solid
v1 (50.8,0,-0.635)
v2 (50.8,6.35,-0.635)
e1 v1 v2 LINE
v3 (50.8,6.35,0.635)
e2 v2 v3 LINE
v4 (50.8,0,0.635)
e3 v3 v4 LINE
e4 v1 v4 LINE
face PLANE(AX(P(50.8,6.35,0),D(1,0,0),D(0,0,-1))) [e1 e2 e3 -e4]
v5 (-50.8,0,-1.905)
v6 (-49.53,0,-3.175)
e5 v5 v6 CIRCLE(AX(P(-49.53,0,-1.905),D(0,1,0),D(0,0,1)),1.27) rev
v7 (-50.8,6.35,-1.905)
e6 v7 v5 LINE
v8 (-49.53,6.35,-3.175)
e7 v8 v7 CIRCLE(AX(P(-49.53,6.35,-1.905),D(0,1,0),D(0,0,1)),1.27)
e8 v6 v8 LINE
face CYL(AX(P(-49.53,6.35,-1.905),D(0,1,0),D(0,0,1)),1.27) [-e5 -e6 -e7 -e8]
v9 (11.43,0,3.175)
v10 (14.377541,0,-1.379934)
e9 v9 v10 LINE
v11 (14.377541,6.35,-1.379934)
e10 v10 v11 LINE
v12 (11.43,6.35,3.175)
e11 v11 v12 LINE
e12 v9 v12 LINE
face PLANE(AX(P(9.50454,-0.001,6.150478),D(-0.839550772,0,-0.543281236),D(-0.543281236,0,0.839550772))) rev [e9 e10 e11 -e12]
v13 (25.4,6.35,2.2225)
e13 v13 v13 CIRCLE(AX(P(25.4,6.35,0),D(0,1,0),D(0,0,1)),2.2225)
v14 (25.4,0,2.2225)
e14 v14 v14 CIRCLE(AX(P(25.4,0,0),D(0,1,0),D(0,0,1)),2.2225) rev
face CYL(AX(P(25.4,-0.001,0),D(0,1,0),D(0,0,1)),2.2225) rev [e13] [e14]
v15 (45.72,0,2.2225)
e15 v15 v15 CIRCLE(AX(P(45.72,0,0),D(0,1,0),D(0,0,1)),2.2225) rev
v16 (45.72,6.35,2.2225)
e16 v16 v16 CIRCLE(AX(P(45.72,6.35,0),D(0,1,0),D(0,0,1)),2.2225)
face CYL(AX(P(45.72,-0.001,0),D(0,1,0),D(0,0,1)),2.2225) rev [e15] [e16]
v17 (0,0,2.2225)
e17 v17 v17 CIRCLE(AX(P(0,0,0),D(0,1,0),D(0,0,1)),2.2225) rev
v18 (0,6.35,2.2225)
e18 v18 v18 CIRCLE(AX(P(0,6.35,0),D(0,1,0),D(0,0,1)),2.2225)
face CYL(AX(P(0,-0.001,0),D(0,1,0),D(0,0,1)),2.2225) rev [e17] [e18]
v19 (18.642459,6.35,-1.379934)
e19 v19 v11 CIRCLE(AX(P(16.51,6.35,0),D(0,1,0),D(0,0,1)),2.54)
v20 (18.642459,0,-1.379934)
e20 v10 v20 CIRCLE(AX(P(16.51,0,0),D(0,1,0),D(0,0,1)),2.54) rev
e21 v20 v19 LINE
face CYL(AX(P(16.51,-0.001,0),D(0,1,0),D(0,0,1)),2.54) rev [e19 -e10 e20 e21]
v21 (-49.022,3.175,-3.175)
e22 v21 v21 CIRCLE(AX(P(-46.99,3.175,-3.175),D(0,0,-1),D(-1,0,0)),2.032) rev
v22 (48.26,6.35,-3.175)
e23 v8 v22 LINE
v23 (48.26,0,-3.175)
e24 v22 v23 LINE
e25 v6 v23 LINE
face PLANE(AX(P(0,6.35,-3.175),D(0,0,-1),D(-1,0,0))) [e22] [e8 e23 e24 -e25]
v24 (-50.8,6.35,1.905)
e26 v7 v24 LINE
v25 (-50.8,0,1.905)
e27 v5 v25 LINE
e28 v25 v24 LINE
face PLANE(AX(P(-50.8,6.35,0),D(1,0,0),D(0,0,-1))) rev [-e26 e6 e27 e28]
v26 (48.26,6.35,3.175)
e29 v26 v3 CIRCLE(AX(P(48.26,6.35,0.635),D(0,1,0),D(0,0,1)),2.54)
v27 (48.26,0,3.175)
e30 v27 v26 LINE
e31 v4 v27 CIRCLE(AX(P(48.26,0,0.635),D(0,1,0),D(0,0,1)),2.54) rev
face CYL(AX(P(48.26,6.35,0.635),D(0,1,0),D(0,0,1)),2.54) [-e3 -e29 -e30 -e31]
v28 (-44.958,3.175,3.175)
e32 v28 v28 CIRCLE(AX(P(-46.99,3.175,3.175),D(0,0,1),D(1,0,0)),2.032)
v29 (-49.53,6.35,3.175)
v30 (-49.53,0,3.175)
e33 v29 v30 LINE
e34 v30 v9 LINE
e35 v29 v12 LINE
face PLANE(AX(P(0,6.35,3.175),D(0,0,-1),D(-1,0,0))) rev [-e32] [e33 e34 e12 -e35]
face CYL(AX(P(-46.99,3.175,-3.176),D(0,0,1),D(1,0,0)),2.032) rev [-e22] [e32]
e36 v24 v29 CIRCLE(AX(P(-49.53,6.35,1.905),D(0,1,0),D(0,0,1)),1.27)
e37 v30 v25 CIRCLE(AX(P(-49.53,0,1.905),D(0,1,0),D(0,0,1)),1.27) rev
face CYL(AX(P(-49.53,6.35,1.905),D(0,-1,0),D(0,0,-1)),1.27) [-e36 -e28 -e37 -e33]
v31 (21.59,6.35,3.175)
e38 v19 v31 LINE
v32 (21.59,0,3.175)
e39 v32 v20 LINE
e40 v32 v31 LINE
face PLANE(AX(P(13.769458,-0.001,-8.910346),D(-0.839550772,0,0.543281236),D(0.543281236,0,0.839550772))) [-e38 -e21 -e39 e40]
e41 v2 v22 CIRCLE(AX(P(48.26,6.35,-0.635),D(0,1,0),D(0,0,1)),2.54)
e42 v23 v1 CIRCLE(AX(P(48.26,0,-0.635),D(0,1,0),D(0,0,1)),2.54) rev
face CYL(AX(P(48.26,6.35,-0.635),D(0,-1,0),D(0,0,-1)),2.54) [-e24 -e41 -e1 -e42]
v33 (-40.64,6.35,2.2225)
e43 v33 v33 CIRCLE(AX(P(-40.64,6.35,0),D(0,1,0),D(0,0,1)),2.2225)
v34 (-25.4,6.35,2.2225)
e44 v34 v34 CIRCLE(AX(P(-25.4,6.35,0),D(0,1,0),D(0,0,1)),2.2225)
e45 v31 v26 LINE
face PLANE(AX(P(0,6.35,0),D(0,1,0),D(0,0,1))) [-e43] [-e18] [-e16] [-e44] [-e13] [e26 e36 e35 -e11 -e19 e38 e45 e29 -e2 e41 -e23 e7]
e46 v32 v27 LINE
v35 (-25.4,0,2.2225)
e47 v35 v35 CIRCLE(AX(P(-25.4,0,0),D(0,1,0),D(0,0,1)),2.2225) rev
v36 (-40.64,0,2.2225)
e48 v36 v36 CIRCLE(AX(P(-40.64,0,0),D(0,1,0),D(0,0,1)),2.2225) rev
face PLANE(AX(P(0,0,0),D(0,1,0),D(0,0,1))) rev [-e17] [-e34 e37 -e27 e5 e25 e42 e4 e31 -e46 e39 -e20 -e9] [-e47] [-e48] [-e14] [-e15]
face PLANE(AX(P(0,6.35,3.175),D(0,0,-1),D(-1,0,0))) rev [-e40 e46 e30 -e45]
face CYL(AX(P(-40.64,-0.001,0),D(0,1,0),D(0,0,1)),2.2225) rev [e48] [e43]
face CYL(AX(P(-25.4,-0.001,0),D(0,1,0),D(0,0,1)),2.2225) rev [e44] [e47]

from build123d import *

# Parameters (mm, degrees)
SKETCH1_W           = 101.6
SKETCH1_H           = 6.35
BOSS_EXTRUDE1_DEPTH = 6.35
FILLET1_R           = 2.54
FILLET2_R           = 1.27
CUT_EXTRUDE1_REACH  = 53.294
SKETCH2_R           = 2.2225
CUT_EXTRUDE2_REACH  = 53.588
SKETCH3_R           = 2.032
CUT_EXTRUDE3_REACH  = 53.294


with BuildPart() as part:
    # Sketch1 → Boss-Extrude1 (new body)
    with BuildSketch(Plane(origin=(0, 0, 0), x_dir=(1, 0, 0), z_dir=(0, 1, 0))):
        Rectangle(SKETCH1_W, SKETCH1_H)
    extrude(amount=BOSS_EXTRUDE1_DEPTH)

    # Fillet1
    fillet1_edges = [part.edges().sort_by_distance(p)[0] for p in [
        (50.8, 3.175, 3.175),
        (50.8, 3.175, -3.175),
    ]]
    fillet(fillet1_edges, radius=FILLET1_R)

    # Fillet2
    fillet2_edges = [part.edges().sort_by_distance(p)[0] for p in [
        (-50.8, 3.175, 3.175),
        (-50.8, 3.175, -3.175),
    ]]
    fillet(fillet2_edges, radius=FILLET2_R)

    # Sketch2 → Cut-Extrude1 (cut, up to next)
    with BuildSketch(Plane(origin=(0, 6.35, 0), x_dir=(1, 0, 0), z_dir=(0, 1, 0)), mode=Mode.PRIVATE) as cut_extrude1_sk1:
        with Locations(Location((-40.64, 0, 0), (0, 0, 270))):
            Circle(SKETCH2_R)
    cut_extrude1_tool1 = extrude(cut_extrude1_sk1.sketch, amount=-CUT_EXTRUDE1_REACH, mode=Mode.PRIVATE) & part.part
    # Sketch2 → Cut-Extrude1 (cut, up to next)
    with BuildSketch(Plane(origin=(0, 6.35, 0), x_dir=(1, 0, 0), z_dir=(0, 1, 0)), mode=Mode.PRIVATE) as cut_extrude1_sk2:
        with Locations(Location((45.72, 0, 0), (0, 0, 270))):
            Circle(SKETCH2_R)
    cut_extrude1_tool2 = extrude(cut_extrude1_sk2.sketch, amount=-CUT_EXTRUDE1_REACH, mode=Mode.PRIVATE) & part.part
    # Sketch2 → Cut-Extrude1 (cut, up to next)
    with BuildSketch(Plane(origin=(0, 6.35, 0), x_dir=(1, 0, 0), z_dir=(0, 1, 0)), mode=Mode.PRIVATE) as cut_extrude1_sk3:
        with Locations(Location((25.4, 0, 0), (0, 0, 270))):
            Circle(SKETCH2_R)
    cut_extrude1_tool3 = extrude(cut_extrude1_sk3.sketch, amount=-CUT_EXTRUDE1_REACH, mode=Mode.PRIVATE) & part.part
    # Sketch2 → Cut-Extrude1 (cut, up to next)
    with BuildSketch(Plane(origin=(0, 6.35, 0), x_dir=(1, 0, 0), z_dir=(0, 1, 0)), mode=Mode.PRIVATE) as cut_extrude1_sk4:
        with Locations(Location((-25.4, 0, 0), (0, 0, 270))):
            Circle(SKETCH2_R)
    cut_extrude1_tool4 = extrude(cut_extrude1_sk4.sketch, amount=-CUT_EXTRUDE1_REACH, mode=Mode.PRIVATE) & part.part
    # Sketch2 → Cut-Extrude1 (cut, up to next)
    with BuildSketch(Plane(origin=(0, 6.35, 0), x_dir=(1, 0, 0), z_dir=(0, 1, 0)), mode=Mode.PRIVATE) as cut_extrude1_sk5:
        with Locations(Location((0, 0, 0), (0, 0, 270))):
            Circle(SKETCH2_R)
    cut_extrude1_tool5 = extrude(cut_extrude1_sk5.sketch, amount=-CUT_EXTRUDE1_REACH, mode=Mode.PRIVATE) & part.part
    add(cut_extrude1_tool1.solids().sort_by_distance((-40.64, 6.35, 0))[0], mode=Mode.SUBTRACT)
    add(cut_extrude1_tool2.solids().sort_by_distance((45.72, 6.35, 0))[0], mode=Mode.SUBTRACT)
    add(cut_extrude1_tool3.solids().sort_by_distance((25.4, 6.35, 0))[0], mode=Mode.SUBTRACT)
    add(cut_extrude1_tool4.solids().sort_by_distance((-25.4, 6.35, 0))[0], mode=Mode.SUBTRACT)
    add(cut_extrude1_tool5.solids().sort_by_distance((0, 6.35, 0))[0], mode=Mode.SUBTRACT)

    # Sketch3 → Cut-Extrude2 (cut, up to next)
    with BuildSketch(Plane.XY.offset(3.175), mode=Mode.PRIVATE) as cut_extrude2_sk1:
        with Locations((-46.99, 3.175)):
            Circle(SKETCH3_R)
    cut_extrude2_tool1 = extrude(cut_extrude2_sk1.sketch, amount=-CUT_EXTRUDE2_REACH, mode=Mode.PRIVATE) & part.part
    add(cut_extrude2_tool1.solids().sort_by_distance((-46.99, 3.175, 3.175))[0], mode=Mode.SUBTRACT)

    # Sketch4 → Cut-Extrude3 (cut, up to next)
    with BuildSketch(Plane(origin=(0, 6.35, 0), x_dir=(1, 0, 0), z_dir=(0, 1, 0)), mode=Mode.PRIVATE) as cut_extrude3_sk1:
        with BuildLine():
            Line((21.59, -3.175), (18.642458961, 1.379934338))
            ThreePointArc((18.642458961, 1.379934338), (16.51, 2.54), (14.377541039, 1.379934338))
            Line((14.377541039, 1.379934338), (11.43, -3.175))
            Line((11.43, -3.175), (21.59, -3.175))
        make_face()
    cut_extrude3_tool1 = extrude(cut_extrude3_sk1.sketch, amount=-CUT_EXTRUDE3_REACH, mode=Mode.PRIVATE) & part.part
    add(cut_extrude3_tool1.solids().sort_by_distance((16.51, 6.35, 0.914009))[0], mode=Mode.SUBTRACT)


solid = part.part
